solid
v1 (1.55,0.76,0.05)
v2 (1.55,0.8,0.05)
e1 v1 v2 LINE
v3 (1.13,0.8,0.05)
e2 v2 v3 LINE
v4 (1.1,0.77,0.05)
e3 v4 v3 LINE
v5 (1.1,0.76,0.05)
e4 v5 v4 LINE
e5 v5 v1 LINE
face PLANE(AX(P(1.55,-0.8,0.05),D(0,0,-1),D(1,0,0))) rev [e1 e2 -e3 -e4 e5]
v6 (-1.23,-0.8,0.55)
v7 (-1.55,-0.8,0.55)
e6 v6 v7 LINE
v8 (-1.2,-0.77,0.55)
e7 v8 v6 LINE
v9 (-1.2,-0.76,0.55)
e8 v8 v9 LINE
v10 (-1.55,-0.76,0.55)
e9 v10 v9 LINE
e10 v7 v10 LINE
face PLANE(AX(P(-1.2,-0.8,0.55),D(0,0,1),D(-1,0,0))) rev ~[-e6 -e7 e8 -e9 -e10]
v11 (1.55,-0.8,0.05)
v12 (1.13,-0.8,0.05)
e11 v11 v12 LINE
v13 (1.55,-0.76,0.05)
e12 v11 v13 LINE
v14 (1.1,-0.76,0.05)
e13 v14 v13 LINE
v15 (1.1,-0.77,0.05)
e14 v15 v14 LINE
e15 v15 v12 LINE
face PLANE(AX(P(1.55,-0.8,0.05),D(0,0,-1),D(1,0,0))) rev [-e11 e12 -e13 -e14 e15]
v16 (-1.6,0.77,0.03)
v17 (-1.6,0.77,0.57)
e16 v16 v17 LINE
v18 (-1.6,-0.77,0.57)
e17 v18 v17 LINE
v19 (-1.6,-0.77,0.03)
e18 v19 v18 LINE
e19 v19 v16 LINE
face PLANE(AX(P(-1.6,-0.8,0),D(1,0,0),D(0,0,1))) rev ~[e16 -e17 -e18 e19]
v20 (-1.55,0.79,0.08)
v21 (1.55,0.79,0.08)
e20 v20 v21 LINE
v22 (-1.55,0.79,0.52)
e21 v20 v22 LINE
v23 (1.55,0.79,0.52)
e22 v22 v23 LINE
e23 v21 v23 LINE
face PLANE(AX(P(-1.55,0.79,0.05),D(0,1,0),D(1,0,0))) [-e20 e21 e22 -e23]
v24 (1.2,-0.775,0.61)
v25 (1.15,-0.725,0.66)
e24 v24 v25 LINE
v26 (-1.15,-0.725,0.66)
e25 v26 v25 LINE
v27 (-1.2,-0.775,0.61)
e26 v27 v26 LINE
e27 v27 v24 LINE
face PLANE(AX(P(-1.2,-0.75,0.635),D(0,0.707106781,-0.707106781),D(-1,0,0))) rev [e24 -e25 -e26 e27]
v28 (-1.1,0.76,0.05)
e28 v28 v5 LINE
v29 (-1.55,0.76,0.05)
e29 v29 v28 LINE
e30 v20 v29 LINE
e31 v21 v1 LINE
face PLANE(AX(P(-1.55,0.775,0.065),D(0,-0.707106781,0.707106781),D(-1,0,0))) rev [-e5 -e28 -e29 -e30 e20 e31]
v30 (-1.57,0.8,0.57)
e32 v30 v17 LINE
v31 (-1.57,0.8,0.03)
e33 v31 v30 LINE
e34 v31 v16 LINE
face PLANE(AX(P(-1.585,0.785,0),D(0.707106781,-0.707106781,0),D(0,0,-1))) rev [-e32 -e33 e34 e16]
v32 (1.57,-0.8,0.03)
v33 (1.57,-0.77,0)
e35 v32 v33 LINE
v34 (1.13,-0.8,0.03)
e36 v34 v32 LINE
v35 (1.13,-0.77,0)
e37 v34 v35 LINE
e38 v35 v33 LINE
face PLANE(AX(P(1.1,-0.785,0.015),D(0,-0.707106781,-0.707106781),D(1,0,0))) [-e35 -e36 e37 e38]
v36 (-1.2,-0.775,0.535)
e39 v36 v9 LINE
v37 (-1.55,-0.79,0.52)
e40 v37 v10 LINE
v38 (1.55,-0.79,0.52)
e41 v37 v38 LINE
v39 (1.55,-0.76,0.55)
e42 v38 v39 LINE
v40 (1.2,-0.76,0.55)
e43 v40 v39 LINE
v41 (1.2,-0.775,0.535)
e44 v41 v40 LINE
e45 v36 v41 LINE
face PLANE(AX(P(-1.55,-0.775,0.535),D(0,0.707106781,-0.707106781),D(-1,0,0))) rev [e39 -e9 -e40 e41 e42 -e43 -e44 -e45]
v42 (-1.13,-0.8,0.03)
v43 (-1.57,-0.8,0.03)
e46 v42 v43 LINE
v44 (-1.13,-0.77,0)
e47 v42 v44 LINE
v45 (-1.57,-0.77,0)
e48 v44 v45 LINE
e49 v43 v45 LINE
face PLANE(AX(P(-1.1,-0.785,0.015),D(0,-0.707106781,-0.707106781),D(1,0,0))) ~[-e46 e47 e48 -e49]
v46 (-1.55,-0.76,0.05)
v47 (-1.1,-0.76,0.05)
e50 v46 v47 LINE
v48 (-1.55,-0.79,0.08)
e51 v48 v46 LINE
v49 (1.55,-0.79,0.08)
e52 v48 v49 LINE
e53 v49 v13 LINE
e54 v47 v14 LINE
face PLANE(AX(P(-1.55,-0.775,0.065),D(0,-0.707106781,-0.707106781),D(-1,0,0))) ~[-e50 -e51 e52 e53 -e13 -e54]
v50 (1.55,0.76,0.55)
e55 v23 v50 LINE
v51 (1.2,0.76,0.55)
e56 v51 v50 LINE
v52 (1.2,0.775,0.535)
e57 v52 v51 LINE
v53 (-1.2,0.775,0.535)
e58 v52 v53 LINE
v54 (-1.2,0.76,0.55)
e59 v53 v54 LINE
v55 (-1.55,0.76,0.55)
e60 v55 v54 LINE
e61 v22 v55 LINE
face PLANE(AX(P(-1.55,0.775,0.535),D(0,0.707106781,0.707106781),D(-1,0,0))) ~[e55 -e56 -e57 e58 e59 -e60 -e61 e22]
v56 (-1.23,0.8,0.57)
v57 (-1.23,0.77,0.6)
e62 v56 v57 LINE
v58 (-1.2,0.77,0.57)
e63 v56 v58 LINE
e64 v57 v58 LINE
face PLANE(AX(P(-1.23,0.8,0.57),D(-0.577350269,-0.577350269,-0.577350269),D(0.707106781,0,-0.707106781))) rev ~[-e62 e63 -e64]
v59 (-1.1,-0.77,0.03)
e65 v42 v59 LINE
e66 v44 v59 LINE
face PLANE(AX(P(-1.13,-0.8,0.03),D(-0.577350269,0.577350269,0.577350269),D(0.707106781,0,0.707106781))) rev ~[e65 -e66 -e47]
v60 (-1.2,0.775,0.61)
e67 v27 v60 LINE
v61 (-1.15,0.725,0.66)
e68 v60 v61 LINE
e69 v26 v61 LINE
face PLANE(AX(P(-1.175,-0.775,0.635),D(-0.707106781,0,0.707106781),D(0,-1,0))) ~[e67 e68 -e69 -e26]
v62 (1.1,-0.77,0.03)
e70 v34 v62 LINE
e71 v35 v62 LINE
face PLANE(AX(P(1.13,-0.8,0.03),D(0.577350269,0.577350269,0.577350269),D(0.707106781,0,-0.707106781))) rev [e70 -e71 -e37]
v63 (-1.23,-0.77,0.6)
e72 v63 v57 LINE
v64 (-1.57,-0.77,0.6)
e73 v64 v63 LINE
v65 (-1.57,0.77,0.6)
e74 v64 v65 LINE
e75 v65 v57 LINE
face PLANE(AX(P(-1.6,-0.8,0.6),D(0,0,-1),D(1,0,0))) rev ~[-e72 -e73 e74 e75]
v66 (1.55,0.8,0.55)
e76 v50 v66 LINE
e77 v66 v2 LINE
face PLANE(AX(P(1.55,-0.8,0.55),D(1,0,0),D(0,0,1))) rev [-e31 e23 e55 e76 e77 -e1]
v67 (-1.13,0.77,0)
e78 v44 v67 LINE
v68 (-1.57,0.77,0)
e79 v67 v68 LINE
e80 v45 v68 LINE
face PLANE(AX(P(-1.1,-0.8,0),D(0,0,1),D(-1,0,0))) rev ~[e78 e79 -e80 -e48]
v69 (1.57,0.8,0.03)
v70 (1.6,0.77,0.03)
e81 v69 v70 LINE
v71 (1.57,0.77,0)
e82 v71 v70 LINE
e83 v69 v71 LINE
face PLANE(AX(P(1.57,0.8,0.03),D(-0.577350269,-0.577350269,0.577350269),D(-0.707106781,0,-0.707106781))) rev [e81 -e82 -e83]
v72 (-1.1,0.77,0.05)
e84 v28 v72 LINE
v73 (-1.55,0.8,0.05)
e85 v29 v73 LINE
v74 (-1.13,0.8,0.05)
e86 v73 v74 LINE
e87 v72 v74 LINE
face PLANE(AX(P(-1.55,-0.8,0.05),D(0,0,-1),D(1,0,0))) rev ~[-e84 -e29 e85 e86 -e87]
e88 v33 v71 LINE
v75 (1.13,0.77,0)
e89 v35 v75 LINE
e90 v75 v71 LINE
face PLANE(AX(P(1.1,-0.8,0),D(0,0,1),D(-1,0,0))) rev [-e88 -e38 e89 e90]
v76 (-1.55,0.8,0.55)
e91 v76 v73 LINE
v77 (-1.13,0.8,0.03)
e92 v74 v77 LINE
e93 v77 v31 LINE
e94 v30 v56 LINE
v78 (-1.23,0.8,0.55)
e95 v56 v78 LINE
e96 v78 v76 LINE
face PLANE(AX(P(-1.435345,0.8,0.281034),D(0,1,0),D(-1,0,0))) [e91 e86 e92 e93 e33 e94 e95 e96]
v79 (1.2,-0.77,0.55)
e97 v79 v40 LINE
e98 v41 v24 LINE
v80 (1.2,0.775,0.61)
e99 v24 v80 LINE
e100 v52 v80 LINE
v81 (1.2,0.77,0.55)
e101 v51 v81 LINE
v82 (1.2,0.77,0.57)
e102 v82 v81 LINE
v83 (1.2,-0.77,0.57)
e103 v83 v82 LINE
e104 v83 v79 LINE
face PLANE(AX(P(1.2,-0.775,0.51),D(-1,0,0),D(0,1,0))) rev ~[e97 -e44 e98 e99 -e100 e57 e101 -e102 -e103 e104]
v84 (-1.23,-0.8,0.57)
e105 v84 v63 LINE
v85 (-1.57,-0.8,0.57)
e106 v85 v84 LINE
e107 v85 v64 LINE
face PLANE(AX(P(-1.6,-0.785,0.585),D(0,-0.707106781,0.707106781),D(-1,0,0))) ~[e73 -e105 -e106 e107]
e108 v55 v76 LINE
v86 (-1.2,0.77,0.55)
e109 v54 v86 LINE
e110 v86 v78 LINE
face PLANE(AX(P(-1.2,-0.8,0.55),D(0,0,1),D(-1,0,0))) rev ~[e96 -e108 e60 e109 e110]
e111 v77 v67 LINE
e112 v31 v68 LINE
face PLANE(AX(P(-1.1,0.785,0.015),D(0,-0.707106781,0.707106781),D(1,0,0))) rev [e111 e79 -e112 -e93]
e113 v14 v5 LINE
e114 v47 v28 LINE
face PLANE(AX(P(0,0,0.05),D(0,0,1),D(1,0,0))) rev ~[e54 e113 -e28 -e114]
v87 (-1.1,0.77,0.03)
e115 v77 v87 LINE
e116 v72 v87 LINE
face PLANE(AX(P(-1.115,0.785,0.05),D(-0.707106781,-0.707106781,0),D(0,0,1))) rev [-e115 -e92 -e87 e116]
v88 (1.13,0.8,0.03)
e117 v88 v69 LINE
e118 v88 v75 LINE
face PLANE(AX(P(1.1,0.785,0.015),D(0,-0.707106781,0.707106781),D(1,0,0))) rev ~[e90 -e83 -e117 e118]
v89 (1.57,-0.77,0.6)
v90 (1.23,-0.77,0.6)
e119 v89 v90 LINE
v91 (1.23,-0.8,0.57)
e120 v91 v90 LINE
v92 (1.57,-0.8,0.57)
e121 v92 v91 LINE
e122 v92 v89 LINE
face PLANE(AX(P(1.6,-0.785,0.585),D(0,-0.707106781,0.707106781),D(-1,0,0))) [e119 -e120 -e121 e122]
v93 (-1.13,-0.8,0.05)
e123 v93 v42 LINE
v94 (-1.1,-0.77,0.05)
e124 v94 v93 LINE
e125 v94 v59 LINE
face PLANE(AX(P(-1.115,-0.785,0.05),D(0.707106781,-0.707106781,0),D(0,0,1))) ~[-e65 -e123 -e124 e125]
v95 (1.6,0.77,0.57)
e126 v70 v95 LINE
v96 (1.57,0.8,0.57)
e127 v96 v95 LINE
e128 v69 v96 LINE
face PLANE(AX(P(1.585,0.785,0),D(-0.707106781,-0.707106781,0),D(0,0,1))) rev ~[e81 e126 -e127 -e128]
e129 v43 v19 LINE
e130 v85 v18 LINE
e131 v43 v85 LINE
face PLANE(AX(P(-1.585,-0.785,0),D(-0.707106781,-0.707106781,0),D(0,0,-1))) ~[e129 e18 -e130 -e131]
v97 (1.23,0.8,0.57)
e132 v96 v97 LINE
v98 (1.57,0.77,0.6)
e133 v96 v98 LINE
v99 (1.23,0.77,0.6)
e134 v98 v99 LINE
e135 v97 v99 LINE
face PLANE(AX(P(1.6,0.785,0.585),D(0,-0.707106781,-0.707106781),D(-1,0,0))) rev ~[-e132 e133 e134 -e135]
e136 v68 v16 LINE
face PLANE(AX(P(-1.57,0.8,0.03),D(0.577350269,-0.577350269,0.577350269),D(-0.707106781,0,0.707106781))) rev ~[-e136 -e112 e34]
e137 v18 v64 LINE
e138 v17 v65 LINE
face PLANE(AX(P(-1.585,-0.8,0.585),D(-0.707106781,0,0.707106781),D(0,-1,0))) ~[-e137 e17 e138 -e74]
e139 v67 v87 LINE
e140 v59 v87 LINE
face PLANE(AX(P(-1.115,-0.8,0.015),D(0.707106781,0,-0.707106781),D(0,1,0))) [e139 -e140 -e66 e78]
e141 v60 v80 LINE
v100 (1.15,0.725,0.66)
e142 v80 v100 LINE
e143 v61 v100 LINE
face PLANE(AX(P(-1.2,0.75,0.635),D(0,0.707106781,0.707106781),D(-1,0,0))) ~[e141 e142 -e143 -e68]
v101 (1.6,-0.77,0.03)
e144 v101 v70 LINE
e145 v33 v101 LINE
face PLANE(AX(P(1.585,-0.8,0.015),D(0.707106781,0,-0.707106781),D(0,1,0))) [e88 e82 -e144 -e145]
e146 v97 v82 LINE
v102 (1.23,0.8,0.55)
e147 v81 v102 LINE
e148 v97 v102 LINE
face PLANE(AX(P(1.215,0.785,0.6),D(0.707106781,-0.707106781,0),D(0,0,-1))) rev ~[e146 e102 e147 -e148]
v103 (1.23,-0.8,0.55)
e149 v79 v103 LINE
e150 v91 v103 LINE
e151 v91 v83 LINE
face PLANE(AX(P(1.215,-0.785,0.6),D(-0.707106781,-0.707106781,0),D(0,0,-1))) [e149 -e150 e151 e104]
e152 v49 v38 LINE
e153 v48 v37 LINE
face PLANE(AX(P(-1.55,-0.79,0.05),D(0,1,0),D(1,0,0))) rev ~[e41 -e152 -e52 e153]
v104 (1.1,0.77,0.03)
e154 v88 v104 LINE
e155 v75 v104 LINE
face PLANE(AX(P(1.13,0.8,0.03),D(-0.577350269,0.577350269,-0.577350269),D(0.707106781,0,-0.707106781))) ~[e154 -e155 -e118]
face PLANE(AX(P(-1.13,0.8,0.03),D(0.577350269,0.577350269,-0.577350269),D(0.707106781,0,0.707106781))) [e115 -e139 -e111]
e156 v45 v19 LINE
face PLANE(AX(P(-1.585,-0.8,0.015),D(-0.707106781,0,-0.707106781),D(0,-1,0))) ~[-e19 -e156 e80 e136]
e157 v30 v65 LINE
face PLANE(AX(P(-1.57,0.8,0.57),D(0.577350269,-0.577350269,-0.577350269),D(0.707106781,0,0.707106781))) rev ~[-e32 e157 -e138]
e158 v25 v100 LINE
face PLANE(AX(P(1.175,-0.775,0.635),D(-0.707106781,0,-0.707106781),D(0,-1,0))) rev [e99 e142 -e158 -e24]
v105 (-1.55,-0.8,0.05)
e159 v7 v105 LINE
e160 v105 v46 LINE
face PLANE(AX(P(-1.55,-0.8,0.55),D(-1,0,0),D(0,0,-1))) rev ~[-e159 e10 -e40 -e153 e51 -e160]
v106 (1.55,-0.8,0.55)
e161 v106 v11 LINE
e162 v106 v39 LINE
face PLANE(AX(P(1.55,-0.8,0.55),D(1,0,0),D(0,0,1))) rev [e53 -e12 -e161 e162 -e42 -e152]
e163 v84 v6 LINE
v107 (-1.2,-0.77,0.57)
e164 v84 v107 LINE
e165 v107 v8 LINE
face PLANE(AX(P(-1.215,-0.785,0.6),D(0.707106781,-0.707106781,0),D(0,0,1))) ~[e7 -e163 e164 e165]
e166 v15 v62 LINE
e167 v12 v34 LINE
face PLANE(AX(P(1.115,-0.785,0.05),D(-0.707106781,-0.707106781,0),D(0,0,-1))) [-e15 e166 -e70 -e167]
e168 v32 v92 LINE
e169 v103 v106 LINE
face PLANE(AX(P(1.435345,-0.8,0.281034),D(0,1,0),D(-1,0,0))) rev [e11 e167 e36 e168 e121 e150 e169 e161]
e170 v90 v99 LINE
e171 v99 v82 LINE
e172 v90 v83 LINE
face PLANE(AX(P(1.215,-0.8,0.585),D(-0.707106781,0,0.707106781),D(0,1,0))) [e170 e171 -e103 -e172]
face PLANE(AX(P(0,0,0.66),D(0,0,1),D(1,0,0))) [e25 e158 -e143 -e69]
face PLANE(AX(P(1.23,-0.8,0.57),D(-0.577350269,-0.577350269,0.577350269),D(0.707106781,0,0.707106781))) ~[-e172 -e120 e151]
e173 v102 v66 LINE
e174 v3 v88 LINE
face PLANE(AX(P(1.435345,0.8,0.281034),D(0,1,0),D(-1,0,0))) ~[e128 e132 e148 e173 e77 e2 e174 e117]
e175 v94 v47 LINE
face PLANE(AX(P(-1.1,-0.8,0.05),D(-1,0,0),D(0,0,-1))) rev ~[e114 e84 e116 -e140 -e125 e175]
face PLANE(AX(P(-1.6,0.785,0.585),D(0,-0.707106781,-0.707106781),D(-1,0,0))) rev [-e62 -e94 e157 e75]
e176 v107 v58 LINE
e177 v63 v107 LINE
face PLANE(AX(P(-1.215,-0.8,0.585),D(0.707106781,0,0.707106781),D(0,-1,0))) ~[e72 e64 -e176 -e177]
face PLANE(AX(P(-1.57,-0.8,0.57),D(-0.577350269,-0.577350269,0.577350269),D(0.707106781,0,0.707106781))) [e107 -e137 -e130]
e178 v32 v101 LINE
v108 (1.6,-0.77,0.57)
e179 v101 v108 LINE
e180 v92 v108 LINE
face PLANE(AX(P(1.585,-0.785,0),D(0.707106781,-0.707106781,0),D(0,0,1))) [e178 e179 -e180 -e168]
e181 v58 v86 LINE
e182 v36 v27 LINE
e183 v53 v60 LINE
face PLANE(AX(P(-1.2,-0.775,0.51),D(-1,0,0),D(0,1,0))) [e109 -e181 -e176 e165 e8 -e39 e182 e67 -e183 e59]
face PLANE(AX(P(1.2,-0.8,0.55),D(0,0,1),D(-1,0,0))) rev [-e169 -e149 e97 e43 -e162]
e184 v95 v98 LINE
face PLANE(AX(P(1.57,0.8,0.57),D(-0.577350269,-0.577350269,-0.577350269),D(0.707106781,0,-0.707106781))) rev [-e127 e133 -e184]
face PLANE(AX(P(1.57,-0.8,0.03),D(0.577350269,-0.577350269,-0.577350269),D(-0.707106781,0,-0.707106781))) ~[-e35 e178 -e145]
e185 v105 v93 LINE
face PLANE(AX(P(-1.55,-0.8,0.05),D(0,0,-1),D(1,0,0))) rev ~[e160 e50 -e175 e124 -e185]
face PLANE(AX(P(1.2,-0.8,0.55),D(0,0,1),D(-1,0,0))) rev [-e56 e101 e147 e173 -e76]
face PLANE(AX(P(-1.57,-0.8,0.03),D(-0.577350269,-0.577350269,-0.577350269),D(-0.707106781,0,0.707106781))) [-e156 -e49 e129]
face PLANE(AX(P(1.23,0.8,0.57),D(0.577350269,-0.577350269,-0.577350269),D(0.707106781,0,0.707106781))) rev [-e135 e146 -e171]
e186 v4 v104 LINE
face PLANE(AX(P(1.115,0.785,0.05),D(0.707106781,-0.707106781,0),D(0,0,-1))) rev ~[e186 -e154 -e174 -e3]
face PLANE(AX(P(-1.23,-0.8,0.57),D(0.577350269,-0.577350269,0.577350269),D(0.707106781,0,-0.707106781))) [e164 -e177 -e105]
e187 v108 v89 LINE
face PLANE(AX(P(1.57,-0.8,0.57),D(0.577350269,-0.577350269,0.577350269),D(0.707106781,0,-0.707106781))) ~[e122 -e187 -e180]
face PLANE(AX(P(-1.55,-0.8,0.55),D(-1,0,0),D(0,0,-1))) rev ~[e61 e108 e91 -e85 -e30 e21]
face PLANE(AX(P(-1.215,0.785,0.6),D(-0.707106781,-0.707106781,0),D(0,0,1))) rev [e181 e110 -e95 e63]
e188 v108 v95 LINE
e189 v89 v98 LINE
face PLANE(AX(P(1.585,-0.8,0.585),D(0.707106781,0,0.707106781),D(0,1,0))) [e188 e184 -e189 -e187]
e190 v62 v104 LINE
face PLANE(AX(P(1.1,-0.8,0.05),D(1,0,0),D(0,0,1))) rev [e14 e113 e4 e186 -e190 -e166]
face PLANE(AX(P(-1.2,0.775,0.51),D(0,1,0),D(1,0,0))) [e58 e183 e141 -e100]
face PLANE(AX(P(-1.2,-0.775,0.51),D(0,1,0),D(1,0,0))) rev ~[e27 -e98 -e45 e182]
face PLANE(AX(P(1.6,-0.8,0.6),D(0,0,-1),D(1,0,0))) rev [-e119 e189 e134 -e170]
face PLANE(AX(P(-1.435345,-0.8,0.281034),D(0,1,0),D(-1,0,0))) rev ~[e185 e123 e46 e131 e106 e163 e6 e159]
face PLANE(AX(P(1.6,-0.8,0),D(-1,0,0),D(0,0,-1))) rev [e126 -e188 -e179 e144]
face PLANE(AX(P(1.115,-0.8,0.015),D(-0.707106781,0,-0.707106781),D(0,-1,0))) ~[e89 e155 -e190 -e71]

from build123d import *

# Parameters (mm, degrees)
EXTRUDE_DEPTH                  = 1.6
EXTRUDE_ONTO_SKETCH_ROLL_ANGLE = 90
CHAMFER001_SIZE                = 0.03
BOX_W                          = 3.1
BOX_H                          = 1.58
BOX_DEPTH                      = 0.5
CHAMFER_SIZE                   = 0.03
BOX001_W                       = 2.4
BOX001_H                       = 1.55
BOX001_DEPTH                   = 0.15
CHAMFER002_SIZE                = 0.05


with BuildPart() as chamferpads:
    # Sketch as drawn → Extrude (new)
    with BuildSketch(Plane.XY):
        Polygon((-1.1, 0), (-1.6, 0), (-1.6, 0.6), (-1.2, 0.6), (-1.2, 0.55), (-1.55, 0.55), (-1.55, 0.05), (-1.1, 0.05), align=None)
    extrude(amount=-EXTRUDE_DEPTH)


with BuildPart() as chamferpads_1:
    # Extrude onto Sketch roll: moved
    add(chamferpads.part.rotate(Axis((0, 0, 0), (1, 0, 0)), EXTRUDE_ONTO_SKETCH_ROLL_ANGLE))


with BuildPart() as chamferpads_2:
    # Extrude onto Sketch placement: moved
    add(chamferpads_1.part)

    # Chamfer001
    chamfer001_edges = [chamferpads_2.edges().sort_by_distance(p)[0] for p in [
        (-1.1, 0.8, 0),
        (-1.6, 0.8, 0),
        (-1.35, 0, 0),
        (-1.35, 1.6, 0),
        (-1.6, 0.8, 0.6),
        (-1.6, 0, 0.3),
        (-1.6, 1.6, 0.3),
        (-1.2, 0.8, 0.6),
        (-1.4, 0, 0.6),
        (-1.4, 1.6, 0.6),
        (-1.2, 0, 0.575),
        (-1.2, 1.6, 0.575),
        (-1.1, 0, 0.025),
        (-1.1, 1.6, 0.025),
    ]]
    chamfer(chamfer001_edges, length=CHAMFER001_SIZE)


with BuildPart() as part_mirroring:
    # Part__Mirroring: instance of ChamferPads
    add(chamferpads_2.part.mirror(Plane(origin=(0, 0, 0), x_dir=(0, -1, 0), z_dir=(1, 0, 0))))


with BuildPart() as chamferbody:
    # Box → Box (new body)
    with BuildSketch(Plane(origin=(-1.55, 0.01, 0.05), x_dir=(1, 0, 0), z_dir=(0, 0, 1))):
        with Locations((1.55, 0.79)):
            Rectangle(BOX_W, BOX_H)
    extrude(amount=BOX_DEPTH)

    # Chamfer
    chamfer_edges = [chamferbody.edges().sort_by_distance(p)[0] for p in [
        (0, 0.01, 0.05),
        (0, 0.01, 0.55),
        (0, 1.59, 0.05),
        (0, 1.59, 0.55),
    ]]
    chamfer(chamfer_edges, length=CHAMFER_SIZE)


with BuildPart() as fusion:
    # Box001 → Box001 (new body)
    with BuildSketch(Plane(origin=(-1.2, 0.025, 0.51), x_dir=(1, 0, 0), z_dir=(0, 0, 1))):
        with Locations((1.2, 0.775)):
            Rectangle(BOX001_W, BOX001_H)
    extrude(amount=BOX001_DEPTH)

    # Chamfer002
    chamfer002_edges = [fusion.edges().sort_by_distance(p)[0] for p in [
        (-1.2, 0.8, 0.66),
        (1.2, 0.8, 0.66),
        (0, 0.025, 0.66),
        (0, 1.575, 0.66),
    ]]
    chamfer(chamfer002_edges, length=CHAMFER002_SIZE)

    # Fusion: union ChamferPads, Part__Mirroring, ChamferBody
    add(chamferpads_2.part)
    add(part_mirroring.part)
    add(chamferbody.part)


with BuildPart() as fusion_1:
    # Fusion placement: moved
    add(fusion.part.moved(Location((0, -0.8, 0))))


solid = fusion_1.part
